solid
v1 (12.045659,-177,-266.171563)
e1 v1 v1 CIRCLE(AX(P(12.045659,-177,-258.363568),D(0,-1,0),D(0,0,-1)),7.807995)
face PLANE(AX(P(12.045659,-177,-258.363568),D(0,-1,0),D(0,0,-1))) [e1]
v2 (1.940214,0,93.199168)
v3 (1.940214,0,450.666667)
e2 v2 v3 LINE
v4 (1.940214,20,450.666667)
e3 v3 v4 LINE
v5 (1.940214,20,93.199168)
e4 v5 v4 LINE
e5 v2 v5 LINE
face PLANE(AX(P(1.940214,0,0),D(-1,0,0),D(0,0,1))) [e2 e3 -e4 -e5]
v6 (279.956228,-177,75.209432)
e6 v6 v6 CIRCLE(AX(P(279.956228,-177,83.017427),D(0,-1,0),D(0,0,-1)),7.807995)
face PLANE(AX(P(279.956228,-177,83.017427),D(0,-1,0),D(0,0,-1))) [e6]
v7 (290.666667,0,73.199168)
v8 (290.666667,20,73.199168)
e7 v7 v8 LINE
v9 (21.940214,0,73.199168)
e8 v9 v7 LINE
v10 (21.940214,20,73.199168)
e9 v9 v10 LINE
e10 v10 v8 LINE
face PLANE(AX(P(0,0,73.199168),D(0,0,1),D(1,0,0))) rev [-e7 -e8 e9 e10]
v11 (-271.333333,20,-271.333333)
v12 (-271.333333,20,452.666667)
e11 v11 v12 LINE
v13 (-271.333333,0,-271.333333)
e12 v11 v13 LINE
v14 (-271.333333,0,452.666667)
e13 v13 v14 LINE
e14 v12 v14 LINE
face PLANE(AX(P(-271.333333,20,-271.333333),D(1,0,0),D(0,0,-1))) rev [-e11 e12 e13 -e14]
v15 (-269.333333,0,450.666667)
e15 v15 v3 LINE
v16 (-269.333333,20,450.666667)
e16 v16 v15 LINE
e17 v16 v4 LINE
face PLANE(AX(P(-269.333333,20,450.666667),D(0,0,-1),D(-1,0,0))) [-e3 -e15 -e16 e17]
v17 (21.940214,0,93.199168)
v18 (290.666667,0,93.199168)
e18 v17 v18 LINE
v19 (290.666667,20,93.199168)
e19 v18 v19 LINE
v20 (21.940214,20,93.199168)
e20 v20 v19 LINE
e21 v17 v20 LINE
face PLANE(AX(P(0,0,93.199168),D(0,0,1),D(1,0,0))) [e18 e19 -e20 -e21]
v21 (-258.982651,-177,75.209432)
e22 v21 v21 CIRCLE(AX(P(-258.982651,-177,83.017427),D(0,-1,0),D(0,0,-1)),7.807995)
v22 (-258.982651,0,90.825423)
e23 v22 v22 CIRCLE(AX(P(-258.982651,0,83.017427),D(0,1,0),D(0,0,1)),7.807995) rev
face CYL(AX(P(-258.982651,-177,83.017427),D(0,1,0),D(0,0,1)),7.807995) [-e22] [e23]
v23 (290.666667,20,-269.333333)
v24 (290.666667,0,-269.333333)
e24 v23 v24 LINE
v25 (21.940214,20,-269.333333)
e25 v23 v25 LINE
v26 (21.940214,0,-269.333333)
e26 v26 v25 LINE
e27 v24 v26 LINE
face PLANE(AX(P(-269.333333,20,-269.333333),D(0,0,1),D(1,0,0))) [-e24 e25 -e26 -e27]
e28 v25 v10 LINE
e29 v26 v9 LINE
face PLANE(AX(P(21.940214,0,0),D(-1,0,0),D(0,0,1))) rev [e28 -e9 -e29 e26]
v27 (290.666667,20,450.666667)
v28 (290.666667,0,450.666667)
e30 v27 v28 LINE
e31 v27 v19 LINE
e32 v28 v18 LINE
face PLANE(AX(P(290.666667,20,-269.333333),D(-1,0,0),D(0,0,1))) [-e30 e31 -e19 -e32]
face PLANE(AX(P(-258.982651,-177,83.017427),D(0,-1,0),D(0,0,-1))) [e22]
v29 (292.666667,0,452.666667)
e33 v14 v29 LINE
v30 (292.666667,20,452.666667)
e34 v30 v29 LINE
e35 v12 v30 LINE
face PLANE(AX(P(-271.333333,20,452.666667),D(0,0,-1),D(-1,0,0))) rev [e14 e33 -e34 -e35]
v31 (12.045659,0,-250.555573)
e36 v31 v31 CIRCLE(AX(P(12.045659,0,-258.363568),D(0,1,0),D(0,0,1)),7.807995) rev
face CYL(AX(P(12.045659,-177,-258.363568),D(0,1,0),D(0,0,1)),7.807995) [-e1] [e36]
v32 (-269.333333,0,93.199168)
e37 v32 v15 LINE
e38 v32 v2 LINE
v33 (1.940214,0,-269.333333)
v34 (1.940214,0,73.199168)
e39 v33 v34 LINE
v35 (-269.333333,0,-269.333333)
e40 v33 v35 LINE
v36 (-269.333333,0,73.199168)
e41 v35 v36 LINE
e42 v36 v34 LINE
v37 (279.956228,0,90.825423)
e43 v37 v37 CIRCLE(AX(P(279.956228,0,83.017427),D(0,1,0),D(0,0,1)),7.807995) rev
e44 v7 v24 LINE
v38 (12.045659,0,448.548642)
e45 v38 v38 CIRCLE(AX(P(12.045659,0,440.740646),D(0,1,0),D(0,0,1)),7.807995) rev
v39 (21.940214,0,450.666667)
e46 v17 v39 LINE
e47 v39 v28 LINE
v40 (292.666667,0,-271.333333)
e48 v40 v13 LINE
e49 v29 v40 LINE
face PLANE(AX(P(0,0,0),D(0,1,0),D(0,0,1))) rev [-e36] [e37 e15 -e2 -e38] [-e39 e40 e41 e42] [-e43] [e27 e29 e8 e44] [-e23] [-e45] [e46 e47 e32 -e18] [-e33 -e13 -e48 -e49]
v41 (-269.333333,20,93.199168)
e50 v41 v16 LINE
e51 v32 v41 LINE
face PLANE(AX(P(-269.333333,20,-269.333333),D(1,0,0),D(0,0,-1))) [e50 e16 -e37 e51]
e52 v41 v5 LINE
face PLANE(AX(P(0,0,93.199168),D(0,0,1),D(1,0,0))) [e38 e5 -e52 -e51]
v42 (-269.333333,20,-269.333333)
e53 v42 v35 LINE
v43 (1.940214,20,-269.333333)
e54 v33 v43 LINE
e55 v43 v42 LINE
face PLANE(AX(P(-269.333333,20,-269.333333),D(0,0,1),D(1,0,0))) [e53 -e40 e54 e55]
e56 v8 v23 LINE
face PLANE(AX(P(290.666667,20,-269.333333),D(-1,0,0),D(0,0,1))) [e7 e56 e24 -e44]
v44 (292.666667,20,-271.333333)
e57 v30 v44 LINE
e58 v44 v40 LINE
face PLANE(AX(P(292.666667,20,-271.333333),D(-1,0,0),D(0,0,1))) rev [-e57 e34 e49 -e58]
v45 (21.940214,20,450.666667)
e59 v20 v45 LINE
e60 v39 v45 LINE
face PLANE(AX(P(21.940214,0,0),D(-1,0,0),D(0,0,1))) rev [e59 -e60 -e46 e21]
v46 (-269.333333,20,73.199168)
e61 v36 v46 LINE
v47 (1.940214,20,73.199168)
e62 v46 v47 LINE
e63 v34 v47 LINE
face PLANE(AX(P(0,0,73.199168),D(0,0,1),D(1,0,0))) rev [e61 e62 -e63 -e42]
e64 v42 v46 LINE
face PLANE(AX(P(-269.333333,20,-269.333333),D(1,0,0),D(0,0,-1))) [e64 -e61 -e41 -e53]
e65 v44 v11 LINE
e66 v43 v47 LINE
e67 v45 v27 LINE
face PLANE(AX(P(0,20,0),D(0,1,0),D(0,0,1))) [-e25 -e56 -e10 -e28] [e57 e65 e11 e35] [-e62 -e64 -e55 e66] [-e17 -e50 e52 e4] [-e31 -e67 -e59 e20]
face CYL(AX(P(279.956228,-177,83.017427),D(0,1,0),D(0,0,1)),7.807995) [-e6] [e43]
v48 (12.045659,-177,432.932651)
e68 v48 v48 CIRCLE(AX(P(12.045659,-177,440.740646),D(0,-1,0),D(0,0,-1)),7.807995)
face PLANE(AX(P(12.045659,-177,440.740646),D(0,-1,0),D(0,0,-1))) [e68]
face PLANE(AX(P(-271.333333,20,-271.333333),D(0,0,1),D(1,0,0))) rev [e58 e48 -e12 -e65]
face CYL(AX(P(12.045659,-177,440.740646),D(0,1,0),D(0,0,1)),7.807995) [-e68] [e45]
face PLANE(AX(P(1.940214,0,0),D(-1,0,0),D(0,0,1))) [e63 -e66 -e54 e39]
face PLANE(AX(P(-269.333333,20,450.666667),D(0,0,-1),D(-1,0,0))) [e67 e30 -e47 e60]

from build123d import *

# Parameters (mm, degrees)
CROQUIS1_W              = 564
CROQUIS1_H              = 724
CROQUIS1_W_2            = 560
CROQUIS1_H_2            = 720
SALIENTE_EXTRUIR1_DEPTH = 20
CROQUIS2_W              = 20
CROQUIS2_H              = 357.467498219
CROQUIS2_W_2            = 271.273547015
CROQUIS2_H_2            = 20
CROQUIS2_W_3            = 268.726452985
CROQUIS2_H_3            = 342.532501781
SALIENTE_EXTRUIR4_DEPTH = 20
CROQUIS4_R              = 7.807995064
SALIENTE_EXTRUIR5_DEPTH = 177


with BuildPart() as part:
    # Croquis1 → Saliente-Extruir1 (new body)
    with BuildSketch(Plane(origin=(0, 0, 0), x_dir=(1, 0, 0), z_dir=(0, 1, 0))):
        with Locations((10.666666667, -90.666666667)):
            Rectangle(CROQUIS1_W, CROQUIS1_H)
        with Locations((10.666666667, -90.666666667)):
            Rectangle(CROQUIS1_W_2, CROQUIS1_H_2, mode=Mode.SUBTRACT)
    extrude(amount=SALIENTE_EXTRUIR1_DEPTH)

    # Croquis2 → Saliente-Extruir4 (add)
    with BuildSketch(Plane(origin=(0, 20, 0), x_dir=(1, 0, 0), z_dir=(0, 1, 0))):
        with Locations((11.940213682, -271.932917557)):
            Rectangle(CROQUIS2_W, CROQUIS2_H)
        with Locations((-133.696559826, -83.199168448)):
            Rectangle(CROQUIS2_W_2, CROQUIS2_H_2)
        with Locations((156.303440174, -83.199168448)):
            Rectangle(CROQUIS2_W_3, CROQUIS2_H_2)
        with Locations((11.940213682, 98.067082443)):
            Rectangle(CROQUIS2_W, CROQUIS2_H_3)
        with Locations((11.940213682, -83.199168448)):
            Rectangle(CROQUIS2_W, CROQUIS2_H_2)
    extrude(amount=-SALIENTE_EXTRUIR4_DEPTH)

    # Croquis4 → Saliente-Extruir5 (add)
    with BuildSketch(Plane.XZ):
        with Locations(Location((279.95622774, 83.01742746, 0), (0, 0, 90))):
            Circle(CROQUIS4_R)
        with Locations(Location((12.04565938, 440.740646454, 0), (0, 0, 90))):
            Circle(CROQUIS4_R)
        with Locations(Location((12.04565938, -258.363567648, 0), (0, 0, 90))):
            Circle(CROQUIS4_R)
        with Locations(Location((-258.982651015, 83.01742746, 0), (0, 0, 90))):
            Circle(CROQUIS4_R)
    extrude(amount=SALIENTE_EXTRUIR5_DEPTH)


solid = part.part
